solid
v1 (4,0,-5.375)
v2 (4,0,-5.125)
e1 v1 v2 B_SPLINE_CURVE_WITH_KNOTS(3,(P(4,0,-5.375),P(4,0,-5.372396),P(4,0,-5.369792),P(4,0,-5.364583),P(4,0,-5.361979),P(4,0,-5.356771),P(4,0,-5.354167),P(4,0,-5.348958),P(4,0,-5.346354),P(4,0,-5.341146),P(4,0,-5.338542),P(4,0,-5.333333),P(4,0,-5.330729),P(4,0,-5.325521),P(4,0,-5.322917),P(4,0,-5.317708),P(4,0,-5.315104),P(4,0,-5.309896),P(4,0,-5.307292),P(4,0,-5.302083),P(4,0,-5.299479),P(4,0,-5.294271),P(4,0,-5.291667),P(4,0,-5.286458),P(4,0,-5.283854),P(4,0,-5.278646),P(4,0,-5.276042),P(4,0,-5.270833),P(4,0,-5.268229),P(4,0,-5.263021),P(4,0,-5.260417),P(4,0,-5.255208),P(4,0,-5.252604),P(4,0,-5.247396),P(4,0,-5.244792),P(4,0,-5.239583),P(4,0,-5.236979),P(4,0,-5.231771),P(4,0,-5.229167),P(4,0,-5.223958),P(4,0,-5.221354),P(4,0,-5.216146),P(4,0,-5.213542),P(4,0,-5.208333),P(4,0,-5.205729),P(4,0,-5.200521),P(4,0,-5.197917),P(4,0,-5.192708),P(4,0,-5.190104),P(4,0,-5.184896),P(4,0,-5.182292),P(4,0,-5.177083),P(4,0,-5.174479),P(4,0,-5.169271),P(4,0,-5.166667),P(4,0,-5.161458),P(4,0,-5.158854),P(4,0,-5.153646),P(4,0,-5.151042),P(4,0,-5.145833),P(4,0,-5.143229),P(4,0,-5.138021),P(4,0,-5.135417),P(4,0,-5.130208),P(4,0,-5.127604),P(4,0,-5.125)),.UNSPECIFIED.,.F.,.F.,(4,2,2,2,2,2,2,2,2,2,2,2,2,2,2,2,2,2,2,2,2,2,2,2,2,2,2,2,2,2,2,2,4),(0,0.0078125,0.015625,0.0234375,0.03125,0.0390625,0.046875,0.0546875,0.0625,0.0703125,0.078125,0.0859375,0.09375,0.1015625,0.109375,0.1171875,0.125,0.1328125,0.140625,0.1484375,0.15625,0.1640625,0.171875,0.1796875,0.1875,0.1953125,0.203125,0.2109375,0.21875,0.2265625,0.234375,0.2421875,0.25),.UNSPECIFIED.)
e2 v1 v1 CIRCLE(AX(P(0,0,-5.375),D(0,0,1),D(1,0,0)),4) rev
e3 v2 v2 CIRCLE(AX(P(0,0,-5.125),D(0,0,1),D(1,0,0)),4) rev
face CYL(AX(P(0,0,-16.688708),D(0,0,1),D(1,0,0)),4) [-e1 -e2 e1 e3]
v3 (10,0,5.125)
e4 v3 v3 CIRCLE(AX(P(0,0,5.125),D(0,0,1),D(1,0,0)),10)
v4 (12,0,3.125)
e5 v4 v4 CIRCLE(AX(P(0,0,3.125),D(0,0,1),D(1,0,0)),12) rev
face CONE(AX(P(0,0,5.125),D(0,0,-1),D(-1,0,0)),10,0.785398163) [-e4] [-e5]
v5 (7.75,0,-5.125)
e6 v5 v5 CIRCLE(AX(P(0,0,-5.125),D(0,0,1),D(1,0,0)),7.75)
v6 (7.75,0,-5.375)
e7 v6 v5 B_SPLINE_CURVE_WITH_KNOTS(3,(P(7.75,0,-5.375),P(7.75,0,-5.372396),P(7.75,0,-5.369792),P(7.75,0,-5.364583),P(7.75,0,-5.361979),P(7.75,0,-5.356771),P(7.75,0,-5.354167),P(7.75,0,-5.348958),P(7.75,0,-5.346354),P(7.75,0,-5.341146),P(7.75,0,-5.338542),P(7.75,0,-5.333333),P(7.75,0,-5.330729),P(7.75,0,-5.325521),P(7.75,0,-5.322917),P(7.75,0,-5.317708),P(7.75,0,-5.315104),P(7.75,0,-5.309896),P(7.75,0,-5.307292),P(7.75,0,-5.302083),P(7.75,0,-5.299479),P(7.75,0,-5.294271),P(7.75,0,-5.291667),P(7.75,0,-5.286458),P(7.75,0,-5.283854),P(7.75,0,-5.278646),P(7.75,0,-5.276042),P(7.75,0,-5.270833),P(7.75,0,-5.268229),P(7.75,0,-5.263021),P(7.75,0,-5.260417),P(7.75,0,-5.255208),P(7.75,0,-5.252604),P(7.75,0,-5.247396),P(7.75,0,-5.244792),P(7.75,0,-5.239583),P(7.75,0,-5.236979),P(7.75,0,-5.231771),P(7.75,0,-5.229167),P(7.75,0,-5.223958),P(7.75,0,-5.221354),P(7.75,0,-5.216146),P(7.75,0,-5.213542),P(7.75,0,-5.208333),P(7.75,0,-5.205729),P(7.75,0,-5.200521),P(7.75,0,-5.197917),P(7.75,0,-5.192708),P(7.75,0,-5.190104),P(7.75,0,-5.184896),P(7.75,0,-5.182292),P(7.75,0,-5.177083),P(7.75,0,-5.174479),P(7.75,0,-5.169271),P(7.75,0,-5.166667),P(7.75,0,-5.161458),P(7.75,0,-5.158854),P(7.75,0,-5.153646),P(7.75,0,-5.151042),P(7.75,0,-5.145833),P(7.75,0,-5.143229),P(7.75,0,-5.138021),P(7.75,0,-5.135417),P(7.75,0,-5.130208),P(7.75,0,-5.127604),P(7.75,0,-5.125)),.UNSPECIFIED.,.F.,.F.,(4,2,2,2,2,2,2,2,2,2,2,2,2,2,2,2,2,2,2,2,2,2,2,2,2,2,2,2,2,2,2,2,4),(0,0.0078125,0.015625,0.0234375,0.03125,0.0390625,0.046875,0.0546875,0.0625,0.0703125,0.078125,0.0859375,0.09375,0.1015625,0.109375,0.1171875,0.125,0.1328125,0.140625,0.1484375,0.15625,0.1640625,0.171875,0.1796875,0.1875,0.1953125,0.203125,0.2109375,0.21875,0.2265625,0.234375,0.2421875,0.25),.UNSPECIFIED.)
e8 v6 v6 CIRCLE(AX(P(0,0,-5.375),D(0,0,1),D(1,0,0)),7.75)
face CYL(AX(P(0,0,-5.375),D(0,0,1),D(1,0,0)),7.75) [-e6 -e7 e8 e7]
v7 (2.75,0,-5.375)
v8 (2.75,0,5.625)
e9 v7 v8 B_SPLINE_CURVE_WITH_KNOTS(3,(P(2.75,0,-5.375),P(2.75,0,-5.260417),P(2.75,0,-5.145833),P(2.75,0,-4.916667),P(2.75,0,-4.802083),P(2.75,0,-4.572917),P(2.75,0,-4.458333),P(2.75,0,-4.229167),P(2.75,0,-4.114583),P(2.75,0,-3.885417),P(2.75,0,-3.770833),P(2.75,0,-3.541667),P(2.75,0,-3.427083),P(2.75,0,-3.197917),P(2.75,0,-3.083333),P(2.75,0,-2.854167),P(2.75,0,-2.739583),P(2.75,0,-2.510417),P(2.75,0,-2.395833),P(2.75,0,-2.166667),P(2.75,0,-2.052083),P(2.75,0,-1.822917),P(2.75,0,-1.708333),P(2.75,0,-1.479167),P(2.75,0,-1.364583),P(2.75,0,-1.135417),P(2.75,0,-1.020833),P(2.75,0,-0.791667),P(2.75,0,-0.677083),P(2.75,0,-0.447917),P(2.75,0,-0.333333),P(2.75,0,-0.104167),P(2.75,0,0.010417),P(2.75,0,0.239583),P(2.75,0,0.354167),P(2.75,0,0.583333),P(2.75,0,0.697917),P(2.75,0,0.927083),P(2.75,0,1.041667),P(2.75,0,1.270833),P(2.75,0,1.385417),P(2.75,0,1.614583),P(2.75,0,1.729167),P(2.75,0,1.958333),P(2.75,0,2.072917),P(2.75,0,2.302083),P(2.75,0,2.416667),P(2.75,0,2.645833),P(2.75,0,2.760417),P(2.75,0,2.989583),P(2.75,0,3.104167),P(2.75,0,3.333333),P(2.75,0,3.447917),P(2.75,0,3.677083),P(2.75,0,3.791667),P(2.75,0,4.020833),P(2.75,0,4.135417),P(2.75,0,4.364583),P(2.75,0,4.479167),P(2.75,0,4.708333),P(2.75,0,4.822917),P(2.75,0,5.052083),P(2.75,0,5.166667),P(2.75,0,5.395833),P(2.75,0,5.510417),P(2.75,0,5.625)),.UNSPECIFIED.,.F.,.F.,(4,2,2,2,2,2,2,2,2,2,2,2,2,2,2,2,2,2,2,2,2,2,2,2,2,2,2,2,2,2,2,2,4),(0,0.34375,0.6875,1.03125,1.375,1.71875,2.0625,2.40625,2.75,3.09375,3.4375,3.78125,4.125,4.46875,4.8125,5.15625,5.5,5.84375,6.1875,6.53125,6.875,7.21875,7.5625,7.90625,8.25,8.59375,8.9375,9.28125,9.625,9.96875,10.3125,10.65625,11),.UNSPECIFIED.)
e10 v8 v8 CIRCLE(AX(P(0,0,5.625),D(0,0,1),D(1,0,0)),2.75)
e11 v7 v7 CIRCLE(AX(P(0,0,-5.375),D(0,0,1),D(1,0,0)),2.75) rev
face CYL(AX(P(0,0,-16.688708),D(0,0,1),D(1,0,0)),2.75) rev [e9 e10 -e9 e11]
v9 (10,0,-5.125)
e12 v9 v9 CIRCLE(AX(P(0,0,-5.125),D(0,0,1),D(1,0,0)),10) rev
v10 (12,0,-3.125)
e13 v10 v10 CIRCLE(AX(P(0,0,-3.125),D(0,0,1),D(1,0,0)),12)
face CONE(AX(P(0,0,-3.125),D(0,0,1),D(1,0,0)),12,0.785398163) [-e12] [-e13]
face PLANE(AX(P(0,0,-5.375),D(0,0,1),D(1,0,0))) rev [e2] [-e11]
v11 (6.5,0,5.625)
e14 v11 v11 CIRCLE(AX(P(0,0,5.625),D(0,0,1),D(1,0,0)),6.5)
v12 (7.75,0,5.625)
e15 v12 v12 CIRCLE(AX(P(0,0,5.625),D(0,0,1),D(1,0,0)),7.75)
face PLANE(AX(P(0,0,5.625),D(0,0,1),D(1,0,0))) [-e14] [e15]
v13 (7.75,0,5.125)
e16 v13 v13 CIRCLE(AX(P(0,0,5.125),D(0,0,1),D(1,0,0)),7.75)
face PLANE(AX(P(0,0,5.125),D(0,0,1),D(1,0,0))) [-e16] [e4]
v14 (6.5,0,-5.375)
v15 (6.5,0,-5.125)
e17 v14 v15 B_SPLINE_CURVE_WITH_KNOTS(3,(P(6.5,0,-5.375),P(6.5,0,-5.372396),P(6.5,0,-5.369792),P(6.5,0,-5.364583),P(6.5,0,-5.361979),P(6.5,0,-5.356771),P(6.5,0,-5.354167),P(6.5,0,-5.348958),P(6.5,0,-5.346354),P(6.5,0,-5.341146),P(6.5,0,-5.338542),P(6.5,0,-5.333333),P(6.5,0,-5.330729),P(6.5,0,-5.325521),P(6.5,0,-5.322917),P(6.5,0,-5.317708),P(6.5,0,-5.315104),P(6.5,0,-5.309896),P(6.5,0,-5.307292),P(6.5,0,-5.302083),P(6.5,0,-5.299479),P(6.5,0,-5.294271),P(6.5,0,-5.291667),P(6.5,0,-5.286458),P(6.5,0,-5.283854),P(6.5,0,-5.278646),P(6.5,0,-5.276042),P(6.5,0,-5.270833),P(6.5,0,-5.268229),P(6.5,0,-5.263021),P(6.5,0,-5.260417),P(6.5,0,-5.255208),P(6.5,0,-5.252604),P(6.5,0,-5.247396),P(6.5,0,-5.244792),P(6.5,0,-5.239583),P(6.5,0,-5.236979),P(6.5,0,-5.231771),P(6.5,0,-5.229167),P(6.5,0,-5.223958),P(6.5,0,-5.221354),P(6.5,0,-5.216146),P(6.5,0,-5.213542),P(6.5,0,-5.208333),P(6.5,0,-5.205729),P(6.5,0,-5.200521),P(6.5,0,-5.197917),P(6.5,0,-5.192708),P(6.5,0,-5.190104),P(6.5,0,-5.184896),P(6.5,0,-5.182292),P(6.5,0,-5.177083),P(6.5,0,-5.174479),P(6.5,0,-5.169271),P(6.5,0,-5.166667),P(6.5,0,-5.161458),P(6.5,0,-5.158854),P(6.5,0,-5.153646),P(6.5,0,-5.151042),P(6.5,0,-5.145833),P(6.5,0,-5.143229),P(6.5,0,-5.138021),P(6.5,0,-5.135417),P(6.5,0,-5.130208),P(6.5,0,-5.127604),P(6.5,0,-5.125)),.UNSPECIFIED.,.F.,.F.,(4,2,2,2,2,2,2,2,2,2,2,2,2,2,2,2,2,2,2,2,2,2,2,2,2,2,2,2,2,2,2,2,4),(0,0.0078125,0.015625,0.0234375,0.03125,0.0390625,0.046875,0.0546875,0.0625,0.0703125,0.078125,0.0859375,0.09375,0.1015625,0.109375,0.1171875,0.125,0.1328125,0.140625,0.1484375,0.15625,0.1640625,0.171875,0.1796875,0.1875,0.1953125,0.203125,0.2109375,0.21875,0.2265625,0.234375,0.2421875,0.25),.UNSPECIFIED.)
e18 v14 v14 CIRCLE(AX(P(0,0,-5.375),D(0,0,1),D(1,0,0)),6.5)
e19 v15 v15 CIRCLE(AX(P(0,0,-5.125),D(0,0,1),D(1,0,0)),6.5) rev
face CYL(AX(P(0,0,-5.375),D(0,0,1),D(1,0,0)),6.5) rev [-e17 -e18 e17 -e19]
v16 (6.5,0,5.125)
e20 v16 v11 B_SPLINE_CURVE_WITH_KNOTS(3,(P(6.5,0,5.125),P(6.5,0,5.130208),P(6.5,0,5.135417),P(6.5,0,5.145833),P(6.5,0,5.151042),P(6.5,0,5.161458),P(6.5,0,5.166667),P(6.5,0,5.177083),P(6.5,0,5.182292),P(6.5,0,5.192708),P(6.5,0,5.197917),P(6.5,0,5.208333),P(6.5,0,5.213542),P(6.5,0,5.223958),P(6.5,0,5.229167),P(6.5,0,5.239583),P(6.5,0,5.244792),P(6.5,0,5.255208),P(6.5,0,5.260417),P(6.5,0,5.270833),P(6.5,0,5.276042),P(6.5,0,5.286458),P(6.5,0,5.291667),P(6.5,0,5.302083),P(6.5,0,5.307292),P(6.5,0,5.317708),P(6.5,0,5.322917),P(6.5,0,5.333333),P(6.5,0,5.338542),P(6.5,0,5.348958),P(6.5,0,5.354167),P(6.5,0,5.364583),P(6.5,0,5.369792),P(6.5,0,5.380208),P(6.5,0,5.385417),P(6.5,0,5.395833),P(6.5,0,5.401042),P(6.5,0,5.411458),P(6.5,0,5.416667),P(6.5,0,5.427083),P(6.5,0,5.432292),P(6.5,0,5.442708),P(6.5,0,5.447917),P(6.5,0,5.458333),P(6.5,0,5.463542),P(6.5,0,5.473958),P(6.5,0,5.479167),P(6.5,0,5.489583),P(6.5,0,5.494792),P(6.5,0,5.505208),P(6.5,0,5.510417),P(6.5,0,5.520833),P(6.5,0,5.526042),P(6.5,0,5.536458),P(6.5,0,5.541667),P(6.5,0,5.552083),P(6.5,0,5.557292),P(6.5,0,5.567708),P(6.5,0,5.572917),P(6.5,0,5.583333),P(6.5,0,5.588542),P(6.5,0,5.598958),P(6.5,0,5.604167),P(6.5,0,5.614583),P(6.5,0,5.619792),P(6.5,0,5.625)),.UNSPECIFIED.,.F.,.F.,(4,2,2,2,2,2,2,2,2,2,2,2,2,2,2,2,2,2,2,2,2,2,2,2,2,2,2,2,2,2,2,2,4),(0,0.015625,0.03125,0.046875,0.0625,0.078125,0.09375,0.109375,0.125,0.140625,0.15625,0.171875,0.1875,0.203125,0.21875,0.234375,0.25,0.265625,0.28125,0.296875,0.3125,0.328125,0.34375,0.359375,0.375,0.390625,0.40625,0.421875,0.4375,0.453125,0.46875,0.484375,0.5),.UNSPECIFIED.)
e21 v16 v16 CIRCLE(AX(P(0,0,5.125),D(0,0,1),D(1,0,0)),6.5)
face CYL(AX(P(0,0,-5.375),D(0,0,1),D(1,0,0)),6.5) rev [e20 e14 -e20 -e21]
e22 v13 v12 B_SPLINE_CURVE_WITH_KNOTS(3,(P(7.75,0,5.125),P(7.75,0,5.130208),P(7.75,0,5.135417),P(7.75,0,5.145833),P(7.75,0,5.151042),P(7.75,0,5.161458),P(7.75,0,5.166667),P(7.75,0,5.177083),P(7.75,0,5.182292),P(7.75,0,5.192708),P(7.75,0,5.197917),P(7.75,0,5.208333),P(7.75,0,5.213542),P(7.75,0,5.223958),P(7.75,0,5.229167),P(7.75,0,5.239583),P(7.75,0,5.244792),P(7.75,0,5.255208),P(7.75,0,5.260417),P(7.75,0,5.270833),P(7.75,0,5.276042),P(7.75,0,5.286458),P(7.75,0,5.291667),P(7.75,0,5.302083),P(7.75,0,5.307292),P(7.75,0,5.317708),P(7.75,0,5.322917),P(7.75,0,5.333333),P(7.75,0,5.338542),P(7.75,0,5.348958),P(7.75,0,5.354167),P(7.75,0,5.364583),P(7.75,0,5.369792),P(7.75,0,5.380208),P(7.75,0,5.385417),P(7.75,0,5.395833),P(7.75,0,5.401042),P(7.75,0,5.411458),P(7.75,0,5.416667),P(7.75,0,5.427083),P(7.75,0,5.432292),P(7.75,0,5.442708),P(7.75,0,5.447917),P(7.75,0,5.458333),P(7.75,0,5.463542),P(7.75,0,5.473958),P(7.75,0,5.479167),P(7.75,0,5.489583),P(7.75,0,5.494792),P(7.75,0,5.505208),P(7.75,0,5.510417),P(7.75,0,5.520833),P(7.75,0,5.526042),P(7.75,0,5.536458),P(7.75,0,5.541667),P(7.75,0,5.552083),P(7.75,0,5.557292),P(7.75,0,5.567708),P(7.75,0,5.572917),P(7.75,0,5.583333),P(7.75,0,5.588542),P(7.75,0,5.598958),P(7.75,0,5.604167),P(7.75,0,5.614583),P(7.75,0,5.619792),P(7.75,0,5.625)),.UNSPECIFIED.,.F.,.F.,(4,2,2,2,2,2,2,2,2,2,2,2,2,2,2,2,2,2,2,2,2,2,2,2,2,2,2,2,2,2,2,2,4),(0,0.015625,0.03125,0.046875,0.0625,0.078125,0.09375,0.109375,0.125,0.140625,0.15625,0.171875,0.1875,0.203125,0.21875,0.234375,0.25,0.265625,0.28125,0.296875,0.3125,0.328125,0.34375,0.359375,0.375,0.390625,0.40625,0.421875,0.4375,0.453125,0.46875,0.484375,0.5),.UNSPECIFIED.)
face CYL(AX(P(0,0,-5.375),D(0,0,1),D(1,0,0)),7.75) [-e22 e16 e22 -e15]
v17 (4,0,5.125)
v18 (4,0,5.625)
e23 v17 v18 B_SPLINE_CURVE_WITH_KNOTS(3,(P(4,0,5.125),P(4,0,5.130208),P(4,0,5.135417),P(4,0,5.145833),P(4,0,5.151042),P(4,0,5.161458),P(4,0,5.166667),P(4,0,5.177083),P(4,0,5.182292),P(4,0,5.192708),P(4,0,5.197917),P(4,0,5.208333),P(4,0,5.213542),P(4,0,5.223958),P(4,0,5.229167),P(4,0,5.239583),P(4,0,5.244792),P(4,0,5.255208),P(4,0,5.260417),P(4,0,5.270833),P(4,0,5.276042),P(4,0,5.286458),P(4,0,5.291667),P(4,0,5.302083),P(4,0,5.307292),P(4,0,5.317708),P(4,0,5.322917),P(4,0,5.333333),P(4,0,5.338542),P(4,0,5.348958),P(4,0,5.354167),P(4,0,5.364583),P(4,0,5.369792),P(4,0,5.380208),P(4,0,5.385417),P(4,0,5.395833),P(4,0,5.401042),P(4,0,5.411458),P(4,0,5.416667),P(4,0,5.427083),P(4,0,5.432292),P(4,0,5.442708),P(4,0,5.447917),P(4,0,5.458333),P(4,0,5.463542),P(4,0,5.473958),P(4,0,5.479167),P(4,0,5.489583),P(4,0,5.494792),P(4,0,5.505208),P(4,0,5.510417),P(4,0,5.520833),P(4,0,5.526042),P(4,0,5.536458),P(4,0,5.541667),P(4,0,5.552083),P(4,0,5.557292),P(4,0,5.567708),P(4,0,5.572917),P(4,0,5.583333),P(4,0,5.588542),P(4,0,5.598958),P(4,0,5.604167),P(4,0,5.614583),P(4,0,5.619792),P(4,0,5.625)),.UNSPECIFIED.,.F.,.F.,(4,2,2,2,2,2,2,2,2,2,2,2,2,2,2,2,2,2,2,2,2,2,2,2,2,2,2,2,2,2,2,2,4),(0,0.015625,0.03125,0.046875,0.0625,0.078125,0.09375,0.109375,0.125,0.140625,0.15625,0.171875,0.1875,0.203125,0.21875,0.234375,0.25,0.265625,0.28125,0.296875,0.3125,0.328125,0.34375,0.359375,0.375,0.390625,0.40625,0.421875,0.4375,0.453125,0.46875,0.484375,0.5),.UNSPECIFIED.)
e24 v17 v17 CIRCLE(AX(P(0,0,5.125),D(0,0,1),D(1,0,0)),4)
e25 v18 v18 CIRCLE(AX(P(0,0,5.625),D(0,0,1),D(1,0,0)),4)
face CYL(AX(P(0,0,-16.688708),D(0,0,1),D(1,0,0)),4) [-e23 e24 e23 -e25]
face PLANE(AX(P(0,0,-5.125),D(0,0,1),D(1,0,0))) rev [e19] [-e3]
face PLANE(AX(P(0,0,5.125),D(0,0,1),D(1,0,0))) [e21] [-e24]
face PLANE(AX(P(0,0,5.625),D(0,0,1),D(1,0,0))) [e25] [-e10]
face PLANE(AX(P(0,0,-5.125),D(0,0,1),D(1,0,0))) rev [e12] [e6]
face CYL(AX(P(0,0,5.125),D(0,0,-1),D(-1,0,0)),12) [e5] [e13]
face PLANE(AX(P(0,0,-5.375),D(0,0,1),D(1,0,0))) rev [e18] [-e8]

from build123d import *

# Parameters (mm, degrees)
SKETCH1_R                = 12
SKETCH1_R_2              = 7.75
BOSS_EXTRUDE1_DEPTH      = 5.125
CHAMFER1_SIZE            = 2
BOSS_EXTRUDE2_DEPTH      = 0.5
BOSS_EXTRUDE2_DEPTH_BACK = 10.5
SKETCH2_R                = 7.75
SKETCH2_R_2              = 6.5
SKETCH3_R                = 6.5
SKETCH3_R_2              = 4
BOSS_EXTRUDE3_DEPTH      = 10.25
SKETCH4_R                = 4
SKETCH4_R_2              = 2.75
BOSS_EXTRUDE4_DEPTH      = 11


with BuildPart() as part:
    # Sketch1 → Boss-Extrude1 (new, symmetric)
    with BuildSketch(Plane.XY):
        Circle(SKETCH1_R)
        Circle(SKETCH1_R_2, mode=Mode.SUBTRACT)
    extrude(amount=BOSS_EXTRUDE1_DEPTH, both=True)

    # Chamfer1
    chamfer1_edges = [part.edges().sort_by_distance(p)[0] for p in [
        (-12, 0, -5.125),
        (-12, 0, 5.125),
    ]]
    chamfer(chamfer1_edges, length=CHAMFER1_SIZE)

    # Sketch2 → Boss-Extrude2 (add, two sides: drawn at the far end of the back side and taken through both)
    with BuildSketch(Plane.XY.offset(5.125).offset(-BOSS_EXTRUDE2_DEPTH_BACK)):
        Circle(SKETCH2_R)
        Circle(SKETCH2_R_2, mode=Mode.SUBTRACT)
    extrude(amount=BOSS_EXTRUDE2_DEPTH + BOSS_EXTRUDE2_DEPTH_BACK)

    # Sketch3 → Boss-Extrude3 (add)
    with BuildSketch(Plane.XY.offset(5.125)):
        Circle(SKETCH3_R)
        Circle(SKETCH3_R_2, mode=Mode.SUBTRACT)
    extrude(amount=-BOSS_EXTRUDE3_DEPTH)

    # Sketch4 → Boss-Extrude4 (add)
    with BuildSketch(Plane.XY.offset(5.625)):
        Circle(SKETCH4_R)
        Circle(SKETCH4_R_2, mode=Mode.SUBTRACT)
    extrude(amount=-BOSS_EXTRUDE4_DEPTH)


solid = part.part
